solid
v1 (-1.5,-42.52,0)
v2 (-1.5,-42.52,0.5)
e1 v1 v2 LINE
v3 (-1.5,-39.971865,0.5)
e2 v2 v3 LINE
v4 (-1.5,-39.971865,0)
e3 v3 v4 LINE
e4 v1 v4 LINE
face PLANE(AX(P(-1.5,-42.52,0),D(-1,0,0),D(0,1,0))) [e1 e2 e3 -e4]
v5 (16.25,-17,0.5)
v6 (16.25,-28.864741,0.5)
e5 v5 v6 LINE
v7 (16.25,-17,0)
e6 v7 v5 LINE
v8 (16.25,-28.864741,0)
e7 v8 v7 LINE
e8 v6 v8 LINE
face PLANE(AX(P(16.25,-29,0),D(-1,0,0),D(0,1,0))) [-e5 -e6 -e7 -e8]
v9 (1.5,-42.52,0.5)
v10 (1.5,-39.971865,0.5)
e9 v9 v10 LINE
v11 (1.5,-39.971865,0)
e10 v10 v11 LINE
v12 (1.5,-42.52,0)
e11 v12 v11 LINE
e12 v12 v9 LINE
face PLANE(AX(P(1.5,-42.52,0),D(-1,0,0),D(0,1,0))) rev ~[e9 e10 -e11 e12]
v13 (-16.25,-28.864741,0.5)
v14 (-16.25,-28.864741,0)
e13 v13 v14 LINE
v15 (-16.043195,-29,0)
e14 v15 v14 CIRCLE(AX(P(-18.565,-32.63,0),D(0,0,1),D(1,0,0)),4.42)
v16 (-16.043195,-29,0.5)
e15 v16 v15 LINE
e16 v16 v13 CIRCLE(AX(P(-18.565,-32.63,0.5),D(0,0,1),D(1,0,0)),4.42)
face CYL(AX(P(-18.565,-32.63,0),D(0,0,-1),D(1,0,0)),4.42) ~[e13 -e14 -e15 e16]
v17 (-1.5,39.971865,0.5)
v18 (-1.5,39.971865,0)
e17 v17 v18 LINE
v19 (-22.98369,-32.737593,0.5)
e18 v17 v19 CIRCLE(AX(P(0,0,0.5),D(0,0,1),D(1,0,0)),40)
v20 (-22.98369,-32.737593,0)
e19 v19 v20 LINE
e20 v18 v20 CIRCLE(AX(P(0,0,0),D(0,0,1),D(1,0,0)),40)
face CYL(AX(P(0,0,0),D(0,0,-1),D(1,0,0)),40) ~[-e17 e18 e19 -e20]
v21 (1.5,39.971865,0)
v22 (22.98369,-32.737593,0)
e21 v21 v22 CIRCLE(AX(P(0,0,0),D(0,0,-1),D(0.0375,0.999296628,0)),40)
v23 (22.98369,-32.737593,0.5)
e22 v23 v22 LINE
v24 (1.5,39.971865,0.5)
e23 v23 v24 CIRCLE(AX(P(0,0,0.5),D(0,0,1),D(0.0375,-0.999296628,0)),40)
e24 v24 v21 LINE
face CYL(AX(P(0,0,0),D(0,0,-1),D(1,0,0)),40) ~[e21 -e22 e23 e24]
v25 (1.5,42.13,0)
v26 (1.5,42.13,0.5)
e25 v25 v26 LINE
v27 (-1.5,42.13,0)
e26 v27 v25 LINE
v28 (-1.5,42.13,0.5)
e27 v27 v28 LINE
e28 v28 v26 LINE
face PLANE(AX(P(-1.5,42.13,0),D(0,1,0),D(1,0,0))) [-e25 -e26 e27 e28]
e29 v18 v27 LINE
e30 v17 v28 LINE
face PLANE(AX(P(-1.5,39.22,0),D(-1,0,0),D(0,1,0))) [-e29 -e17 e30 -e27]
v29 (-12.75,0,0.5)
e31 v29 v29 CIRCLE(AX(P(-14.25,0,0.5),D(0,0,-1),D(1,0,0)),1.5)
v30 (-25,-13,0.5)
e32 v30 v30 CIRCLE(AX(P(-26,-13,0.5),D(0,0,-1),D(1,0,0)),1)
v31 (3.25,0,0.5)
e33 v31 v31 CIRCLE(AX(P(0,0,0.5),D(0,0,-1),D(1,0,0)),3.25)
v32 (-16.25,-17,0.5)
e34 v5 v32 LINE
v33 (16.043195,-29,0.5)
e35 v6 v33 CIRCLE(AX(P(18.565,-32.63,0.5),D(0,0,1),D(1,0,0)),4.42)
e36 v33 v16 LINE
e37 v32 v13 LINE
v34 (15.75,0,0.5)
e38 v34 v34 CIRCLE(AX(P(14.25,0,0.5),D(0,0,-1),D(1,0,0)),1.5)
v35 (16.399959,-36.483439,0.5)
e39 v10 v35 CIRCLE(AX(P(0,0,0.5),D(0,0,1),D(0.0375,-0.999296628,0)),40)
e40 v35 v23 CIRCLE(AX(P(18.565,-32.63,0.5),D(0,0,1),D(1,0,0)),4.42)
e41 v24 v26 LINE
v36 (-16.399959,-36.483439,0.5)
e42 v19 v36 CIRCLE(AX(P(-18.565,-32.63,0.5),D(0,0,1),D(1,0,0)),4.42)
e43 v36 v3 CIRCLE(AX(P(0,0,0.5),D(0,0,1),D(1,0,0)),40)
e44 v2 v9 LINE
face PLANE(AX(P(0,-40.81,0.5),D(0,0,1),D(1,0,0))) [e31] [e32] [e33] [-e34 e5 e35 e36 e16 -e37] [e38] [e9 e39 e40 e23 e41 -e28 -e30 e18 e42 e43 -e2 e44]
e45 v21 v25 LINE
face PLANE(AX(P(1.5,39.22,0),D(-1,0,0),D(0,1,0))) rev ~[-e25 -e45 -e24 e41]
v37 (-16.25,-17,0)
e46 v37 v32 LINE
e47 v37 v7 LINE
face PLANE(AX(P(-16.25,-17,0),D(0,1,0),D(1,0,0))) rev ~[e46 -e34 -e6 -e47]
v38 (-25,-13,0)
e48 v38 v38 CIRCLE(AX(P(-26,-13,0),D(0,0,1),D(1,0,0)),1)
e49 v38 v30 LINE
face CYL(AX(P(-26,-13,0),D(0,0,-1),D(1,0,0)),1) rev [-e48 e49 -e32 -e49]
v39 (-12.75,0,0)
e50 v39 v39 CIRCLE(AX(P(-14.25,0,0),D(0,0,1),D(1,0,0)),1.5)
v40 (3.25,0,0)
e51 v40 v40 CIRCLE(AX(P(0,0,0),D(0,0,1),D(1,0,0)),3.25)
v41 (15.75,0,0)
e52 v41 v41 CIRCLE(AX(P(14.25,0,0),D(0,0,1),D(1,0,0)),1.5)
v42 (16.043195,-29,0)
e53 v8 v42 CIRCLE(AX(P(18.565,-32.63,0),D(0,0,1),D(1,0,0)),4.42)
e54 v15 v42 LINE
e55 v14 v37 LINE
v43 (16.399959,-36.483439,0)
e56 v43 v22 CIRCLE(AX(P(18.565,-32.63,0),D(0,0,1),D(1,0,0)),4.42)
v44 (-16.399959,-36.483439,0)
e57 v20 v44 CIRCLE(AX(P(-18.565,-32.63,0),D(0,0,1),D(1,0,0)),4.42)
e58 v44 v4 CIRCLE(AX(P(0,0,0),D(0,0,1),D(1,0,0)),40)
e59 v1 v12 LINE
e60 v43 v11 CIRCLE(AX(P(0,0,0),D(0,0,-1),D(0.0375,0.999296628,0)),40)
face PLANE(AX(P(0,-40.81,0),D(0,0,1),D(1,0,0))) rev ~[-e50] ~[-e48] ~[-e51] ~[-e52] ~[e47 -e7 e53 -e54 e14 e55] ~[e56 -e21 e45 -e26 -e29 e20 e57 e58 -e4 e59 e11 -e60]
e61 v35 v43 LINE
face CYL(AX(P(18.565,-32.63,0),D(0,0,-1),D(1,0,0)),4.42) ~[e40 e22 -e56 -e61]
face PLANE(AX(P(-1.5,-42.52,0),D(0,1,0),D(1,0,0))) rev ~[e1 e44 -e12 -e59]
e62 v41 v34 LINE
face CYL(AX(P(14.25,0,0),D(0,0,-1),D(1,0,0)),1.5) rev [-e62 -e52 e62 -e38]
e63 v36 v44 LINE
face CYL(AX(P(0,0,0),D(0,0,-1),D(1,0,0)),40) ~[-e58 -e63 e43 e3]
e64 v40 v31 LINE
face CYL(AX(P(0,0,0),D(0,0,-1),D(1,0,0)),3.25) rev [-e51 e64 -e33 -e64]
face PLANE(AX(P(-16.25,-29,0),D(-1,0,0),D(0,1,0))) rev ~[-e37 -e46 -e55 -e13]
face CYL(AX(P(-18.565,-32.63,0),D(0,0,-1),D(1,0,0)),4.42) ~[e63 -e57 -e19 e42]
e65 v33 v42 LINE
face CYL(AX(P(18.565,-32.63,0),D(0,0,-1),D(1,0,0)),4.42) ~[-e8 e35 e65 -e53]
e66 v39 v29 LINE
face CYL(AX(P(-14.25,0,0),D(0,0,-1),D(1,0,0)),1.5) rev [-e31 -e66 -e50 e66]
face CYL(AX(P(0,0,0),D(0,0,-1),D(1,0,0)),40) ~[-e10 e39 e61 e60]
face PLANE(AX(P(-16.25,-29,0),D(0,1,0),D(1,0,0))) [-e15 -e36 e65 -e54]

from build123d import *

# Parameters (mm, degrees)
SKETCH001_R     = 40
PAD_DEPTH       = 0.5
SKETCH_W        = 32.5
SKETCH_H        = 12
POCKET_DEPTH    = 0.501
SKETCH002_R     = 3.25
SKETCH002_R_2   = 1.5
POCKET001_DEPTH = 0.501
SKETCH003_R     = 1
POCKET002_DEPTH = 0.501
SKETCH004_W     = 3
SKETCH004_H     = 3.42
SKETCH004_H_2   = 2.91
PAD001_DEPTH    = 0.5
SKETCH005_R     = 4.42
PAD002_DEPTH    = 0.5


with BuildPart() as part:
    # Sketch001 → Pad (new body)
    with BuildSketch(Plane.XY):
        Circle(SKETCH001_R)
    extrude(amount=PAD_DEPTH)

    # Sketch → Pocket (cut, through all)
    with BuildSketch(Plane.XY):
        with Locations((0, -23)):
            Rectangle(SKETCH_W, SKETCH_H)
    extrude(amount=POCKET_DEPTH, mode=Mode.SUBTRACT)

    # Sketch002 → Pocket001 (cut, through all)
    with BuildSketch(Plane.XY):
        Circle(SKETCH002_R)
        with Locations((14.25, 0)):
            Circle(SKETCH002_R_2)
        with Locations((-14.25, 0)):
            Circle(SKETCH002_R_2)
    extrude(amount=POCKET001_DEPTH, mode=Mode.SUBTRACT)

    # Sketch003 → Pocket002 (cut, through all)
    with BuildSketch(Plane.XY):
        with Locations((-26, -13)):
            Circle(SKETCH003_R)
    extrude(amount=POCKET002_DEPTH, mode=Mode.SUBTRACT)

    # Sketch004 → Pad001 (join)
    with BuildSketch(Plane.XY):
        with Locations((0, -40.81)):
            Rectangle(SKETCH004_W, SKETCH004_H)
        with Locations((0, 40.675)):
            Rectangle(SKETCH004_W, SKETCH004_H_2)
    extrude(amount=PAD001_DEPTH)

    # Sketch005 → Pad002 (join)
    with BuildSketch(Plane.XY):
        with Locations((18.565, -32.63)):
            Circle(SKETCH005_R)
        with Locations((-18.565, -32.63)):
            Circle(SKETCH005_R)
    extrude(amount=PAD002_DEPTH)


solid = part.part
